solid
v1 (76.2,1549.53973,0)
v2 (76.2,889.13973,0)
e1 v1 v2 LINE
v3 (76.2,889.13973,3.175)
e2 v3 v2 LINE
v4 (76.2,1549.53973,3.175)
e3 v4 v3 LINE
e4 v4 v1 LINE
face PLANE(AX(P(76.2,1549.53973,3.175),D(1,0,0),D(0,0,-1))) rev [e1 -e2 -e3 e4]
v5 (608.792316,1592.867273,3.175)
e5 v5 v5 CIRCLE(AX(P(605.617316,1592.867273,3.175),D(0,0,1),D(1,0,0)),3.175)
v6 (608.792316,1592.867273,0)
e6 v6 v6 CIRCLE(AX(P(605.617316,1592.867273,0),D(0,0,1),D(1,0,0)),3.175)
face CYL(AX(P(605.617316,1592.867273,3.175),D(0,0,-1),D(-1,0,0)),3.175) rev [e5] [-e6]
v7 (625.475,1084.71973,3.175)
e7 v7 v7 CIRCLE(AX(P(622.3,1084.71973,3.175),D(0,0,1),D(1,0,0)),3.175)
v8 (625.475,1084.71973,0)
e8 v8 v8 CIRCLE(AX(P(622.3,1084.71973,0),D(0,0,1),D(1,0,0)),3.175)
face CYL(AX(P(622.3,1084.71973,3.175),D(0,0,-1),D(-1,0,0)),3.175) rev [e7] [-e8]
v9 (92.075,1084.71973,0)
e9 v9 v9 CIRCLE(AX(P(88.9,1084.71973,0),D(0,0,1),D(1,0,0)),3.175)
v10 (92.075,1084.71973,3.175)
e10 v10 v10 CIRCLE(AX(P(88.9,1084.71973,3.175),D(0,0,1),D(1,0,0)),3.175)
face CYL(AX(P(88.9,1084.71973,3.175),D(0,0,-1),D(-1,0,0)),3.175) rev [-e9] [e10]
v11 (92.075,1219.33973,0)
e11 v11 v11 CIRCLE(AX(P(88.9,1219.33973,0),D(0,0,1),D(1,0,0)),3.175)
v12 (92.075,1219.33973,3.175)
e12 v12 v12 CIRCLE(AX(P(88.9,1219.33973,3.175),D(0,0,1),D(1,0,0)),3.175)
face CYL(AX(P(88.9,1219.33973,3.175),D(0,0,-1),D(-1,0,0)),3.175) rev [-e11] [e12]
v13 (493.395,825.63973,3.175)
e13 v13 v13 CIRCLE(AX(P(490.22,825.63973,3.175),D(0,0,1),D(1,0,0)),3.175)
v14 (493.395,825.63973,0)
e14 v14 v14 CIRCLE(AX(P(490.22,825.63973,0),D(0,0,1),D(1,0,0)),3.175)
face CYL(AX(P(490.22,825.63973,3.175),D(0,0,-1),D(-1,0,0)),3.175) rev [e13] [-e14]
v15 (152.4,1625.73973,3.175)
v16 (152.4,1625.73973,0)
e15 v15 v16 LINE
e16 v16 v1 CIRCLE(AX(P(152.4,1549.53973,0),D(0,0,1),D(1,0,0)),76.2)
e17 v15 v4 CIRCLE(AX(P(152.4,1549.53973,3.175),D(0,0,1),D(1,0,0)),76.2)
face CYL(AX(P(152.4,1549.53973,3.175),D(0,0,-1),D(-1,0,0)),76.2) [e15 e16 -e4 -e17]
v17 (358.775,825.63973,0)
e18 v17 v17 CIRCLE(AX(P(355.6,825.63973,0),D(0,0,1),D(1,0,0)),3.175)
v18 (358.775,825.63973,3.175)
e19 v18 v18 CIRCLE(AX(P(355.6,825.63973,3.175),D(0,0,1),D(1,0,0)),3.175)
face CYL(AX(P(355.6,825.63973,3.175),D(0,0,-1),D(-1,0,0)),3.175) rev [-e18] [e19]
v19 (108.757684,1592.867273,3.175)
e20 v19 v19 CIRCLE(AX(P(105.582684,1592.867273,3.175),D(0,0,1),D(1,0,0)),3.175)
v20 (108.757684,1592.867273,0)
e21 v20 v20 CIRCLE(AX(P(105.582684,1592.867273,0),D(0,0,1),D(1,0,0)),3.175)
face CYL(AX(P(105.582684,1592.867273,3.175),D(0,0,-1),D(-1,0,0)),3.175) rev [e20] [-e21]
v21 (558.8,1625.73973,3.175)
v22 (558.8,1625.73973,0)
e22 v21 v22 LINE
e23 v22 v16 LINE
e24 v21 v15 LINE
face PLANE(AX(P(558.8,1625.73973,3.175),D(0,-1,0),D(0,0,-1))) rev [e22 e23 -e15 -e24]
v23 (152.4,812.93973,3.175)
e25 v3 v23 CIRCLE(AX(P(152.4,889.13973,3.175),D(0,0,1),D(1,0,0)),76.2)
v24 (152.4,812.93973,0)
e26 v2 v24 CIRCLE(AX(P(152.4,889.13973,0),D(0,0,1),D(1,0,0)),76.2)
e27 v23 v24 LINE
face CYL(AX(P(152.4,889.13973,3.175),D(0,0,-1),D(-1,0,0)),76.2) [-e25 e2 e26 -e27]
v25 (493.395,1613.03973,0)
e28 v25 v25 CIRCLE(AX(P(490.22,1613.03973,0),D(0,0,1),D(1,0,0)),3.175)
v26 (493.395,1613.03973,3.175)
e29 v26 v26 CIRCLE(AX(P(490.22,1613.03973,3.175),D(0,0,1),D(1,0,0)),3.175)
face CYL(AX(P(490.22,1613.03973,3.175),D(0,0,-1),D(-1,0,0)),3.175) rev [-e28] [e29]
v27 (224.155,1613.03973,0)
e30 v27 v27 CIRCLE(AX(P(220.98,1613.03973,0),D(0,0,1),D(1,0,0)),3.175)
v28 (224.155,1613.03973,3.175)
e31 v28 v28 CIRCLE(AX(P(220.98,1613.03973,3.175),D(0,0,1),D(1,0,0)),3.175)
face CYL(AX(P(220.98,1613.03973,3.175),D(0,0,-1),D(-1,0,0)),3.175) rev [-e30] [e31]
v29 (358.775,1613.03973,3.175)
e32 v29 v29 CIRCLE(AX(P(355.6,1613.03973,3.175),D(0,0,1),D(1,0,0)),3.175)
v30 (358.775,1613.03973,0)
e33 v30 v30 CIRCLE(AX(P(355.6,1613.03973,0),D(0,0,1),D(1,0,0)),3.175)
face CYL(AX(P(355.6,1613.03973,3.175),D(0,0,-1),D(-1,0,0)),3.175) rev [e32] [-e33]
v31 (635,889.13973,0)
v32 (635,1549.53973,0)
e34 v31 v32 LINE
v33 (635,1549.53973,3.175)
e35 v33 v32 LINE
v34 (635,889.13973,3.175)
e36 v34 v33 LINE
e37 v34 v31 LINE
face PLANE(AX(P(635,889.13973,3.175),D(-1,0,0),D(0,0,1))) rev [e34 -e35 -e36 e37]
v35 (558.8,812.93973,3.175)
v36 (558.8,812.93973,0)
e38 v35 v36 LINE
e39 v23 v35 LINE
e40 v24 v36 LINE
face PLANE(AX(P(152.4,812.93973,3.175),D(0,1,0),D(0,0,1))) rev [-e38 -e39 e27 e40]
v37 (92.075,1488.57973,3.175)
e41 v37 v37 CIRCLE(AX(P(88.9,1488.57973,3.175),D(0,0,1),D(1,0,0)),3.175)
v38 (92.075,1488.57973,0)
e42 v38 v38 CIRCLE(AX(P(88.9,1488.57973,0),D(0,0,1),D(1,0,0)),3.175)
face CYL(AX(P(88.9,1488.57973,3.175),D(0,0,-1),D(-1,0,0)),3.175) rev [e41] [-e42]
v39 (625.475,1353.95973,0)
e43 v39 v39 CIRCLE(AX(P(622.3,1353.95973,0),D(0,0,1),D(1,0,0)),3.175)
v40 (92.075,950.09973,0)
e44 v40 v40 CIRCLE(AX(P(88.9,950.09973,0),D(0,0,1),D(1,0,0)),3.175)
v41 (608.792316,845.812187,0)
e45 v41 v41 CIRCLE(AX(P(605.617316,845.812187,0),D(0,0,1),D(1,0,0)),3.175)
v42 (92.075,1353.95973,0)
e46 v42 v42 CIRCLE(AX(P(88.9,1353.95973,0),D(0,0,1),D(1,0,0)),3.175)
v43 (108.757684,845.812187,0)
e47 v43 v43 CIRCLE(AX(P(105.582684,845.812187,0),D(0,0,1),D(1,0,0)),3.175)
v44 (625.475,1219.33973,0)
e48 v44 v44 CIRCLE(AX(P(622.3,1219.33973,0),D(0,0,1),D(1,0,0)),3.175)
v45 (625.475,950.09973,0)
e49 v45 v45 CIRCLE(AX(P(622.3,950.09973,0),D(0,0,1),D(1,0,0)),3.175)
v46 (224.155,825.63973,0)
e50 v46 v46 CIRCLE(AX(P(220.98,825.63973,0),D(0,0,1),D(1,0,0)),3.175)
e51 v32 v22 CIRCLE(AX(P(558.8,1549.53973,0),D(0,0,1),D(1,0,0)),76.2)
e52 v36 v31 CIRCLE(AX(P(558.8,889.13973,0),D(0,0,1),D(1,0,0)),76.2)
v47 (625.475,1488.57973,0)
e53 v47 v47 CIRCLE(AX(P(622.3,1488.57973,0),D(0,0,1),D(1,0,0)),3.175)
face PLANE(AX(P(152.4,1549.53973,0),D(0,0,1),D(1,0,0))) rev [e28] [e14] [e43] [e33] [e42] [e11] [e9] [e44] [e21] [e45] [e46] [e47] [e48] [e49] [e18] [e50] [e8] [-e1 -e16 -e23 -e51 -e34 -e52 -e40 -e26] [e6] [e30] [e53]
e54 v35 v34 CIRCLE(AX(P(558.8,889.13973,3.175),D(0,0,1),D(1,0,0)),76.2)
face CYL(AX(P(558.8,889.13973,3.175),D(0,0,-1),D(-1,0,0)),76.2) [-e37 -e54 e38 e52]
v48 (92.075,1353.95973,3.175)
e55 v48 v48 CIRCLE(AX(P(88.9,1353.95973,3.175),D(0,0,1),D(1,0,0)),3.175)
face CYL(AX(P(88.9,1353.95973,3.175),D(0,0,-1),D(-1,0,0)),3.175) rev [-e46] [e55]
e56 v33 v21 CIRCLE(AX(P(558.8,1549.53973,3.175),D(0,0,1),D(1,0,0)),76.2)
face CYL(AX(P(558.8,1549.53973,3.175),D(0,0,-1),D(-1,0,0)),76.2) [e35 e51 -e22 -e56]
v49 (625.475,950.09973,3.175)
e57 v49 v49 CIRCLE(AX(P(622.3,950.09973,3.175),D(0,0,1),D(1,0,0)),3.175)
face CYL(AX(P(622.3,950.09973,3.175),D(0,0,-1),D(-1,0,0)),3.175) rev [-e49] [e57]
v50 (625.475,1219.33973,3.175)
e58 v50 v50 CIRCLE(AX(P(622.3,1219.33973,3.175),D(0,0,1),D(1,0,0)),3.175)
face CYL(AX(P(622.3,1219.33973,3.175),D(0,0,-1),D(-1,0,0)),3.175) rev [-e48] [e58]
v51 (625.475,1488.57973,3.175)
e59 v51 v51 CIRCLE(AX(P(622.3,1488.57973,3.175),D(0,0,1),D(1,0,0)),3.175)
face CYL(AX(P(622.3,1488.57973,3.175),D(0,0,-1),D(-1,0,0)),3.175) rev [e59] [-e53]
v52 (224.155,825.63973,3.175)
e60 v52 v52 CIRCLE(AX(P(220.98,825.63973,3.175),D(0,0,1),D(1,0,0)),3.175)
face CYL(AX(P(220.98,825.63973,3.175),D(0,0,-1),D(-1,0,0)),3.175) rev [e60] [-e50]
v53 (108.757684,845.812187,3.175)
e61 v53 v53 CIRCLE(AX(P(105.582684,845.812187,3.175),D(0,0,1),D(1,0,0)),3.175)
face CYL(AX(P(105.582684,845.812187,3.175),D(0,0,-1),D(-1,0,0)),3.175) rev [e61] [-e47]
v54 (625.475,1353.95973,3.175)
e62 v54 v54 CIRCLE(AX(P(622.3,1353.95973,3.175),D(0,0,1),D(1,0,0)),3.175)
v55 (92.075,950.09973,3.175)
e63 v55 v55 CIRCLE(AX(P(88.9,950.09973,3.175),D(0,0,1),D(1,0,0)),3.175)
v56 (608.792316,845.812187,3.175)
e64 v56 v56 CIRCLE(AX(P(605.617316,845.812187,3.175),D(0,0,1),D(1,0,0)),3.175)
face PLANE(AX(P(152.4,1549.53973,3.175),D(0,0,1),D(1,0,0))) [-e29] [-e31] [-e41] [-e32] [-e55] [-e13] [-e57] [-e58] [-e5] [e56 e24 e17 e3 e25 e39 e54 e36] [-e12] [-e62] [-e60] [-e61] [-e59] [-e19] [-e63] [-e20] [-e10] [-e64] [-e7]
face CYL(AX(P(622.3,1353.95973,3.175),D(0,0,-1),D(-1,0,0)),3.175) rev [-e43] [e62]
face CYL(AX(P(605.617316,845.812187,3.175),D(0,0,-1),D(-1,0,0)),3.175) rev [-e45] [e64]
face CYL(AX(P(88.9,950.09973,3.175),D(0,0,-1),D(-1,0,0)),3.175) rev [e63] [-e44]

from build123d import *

# Parameters (mm, degrees)
MODEL_R             = 3.175
BOSS_EXTRUDE1_DEPTH = 3.175


with BuildPart() as part:
    # Model → Boss-Extrude1 (new body)
    with BuildSketch(Plane.XY):
        with BuildLine():
            Line((76.2, 1549.53973), (76.2, 889.13973))
            ThreePointArc((76.2, 889.13973), (98.518463274, 835.258193274), (152.4, 812.93973))
            Line((152.4, 812.93973), (558.8, 812.93973))
            ThreePointArc((558.8, 812.93973), (612.681536726, 835.258193274), (635, 889.13973))
            Line((635, 889.13973), (635, 1549.53973))
            ThreePointArc((635, 1549.53973), (612.681536726, 1603.421266726), (558.8, 1625.73973))
            Line((558.8, 1625.73973), (152.4, 1625.73973))
            ThreePointArc((152.4, 1625.73973), (98.518463274, 1603.421266726), (76.2, 1549.53973))
        make_face()
        with Locations((605.617315646, 1592.867273144)):
            Circle(MODEL_R, mode=Mode.SUBTRACT)
        with Locations((605.617315646, 845.812186856)):
            Circle(MODEL_R, mode=Mode.SUBTRACT)
        with Locations((105.582684354, 845.812186856)):
            Circle(MODEL_R, mode=Mode.SUBTRACT)
        with Locations((88.9, 1219.33973)):
            Circle(MODEL_R, mode=Mode.SUBTRACT)
        with Locations((88.9, 1084.71973)):
            Circle(MODEL_R, mode=Mode.SUBTRACT)
        with Locations((88.9, 1488.57973)):
            Circle(MODEL_R, mode=Mode.SUBTRACT)
        with Locations((88.9, 1353.95973)):
            Circle(MODEL_R, mode=Mode.SUBTRACT)
        with Locations((88.9, 950.09973)):
            Circle(MODEL_R, mode=Mode.SUBTRACT)
        with Locations((622.3, 1219.33973)):
            Circle(MODEL_R, mode=Mode.SUBTRACT)
        with Locations((622.3, 950.09973)):
            Circle(MODEL_R, mode=Mode.SUBTRACT)
        with Locations((622.3, 1084.71973)):
            Circle(MODEL_R, mode=Mode.SUBTRACT)
        with Locations((622.3, 1488.57973)):
            Circle(MODEL_R, mode=Mode.SUBTRACT)
        with Locations((622.3, 1353.95973)):
            Circle(MODEL_R, mode=Mode.SUBTRACT)
        with Locations((355.6, 1613.03973)):
            Circle(MODEL_R, mode=Mode.SUBTRACT)
        with Locations((220.98, 825.63973)):
            Circle(MODEL_R, mode=Mode.SUBTRACT)
        with Locations((490.22, 825.63973)):
            Circle(MODEL_R, mode=Mode.SUBTRACT)
        with Locations((355.6, 825.63973)):
            Circle(MODEL_R, mode=Mode.SUBTRACT)
        with Locations((105.582684354, 1592.867273144)):
            Circle(MODEL_R, mode=Mode.SUBTRACT)
        with Locations((220.98, 1613.03973)):
            Circle(MODEL_R, mode=Mode.SUBTRACT)
        with Locations((490.22, 1613.03973)):
            Circle(MODEL_R, mode=Mode.SUBTRACT)
    extrude(amount=BOSS_EXTRUDE1_DEPTH)


solid = part.part
